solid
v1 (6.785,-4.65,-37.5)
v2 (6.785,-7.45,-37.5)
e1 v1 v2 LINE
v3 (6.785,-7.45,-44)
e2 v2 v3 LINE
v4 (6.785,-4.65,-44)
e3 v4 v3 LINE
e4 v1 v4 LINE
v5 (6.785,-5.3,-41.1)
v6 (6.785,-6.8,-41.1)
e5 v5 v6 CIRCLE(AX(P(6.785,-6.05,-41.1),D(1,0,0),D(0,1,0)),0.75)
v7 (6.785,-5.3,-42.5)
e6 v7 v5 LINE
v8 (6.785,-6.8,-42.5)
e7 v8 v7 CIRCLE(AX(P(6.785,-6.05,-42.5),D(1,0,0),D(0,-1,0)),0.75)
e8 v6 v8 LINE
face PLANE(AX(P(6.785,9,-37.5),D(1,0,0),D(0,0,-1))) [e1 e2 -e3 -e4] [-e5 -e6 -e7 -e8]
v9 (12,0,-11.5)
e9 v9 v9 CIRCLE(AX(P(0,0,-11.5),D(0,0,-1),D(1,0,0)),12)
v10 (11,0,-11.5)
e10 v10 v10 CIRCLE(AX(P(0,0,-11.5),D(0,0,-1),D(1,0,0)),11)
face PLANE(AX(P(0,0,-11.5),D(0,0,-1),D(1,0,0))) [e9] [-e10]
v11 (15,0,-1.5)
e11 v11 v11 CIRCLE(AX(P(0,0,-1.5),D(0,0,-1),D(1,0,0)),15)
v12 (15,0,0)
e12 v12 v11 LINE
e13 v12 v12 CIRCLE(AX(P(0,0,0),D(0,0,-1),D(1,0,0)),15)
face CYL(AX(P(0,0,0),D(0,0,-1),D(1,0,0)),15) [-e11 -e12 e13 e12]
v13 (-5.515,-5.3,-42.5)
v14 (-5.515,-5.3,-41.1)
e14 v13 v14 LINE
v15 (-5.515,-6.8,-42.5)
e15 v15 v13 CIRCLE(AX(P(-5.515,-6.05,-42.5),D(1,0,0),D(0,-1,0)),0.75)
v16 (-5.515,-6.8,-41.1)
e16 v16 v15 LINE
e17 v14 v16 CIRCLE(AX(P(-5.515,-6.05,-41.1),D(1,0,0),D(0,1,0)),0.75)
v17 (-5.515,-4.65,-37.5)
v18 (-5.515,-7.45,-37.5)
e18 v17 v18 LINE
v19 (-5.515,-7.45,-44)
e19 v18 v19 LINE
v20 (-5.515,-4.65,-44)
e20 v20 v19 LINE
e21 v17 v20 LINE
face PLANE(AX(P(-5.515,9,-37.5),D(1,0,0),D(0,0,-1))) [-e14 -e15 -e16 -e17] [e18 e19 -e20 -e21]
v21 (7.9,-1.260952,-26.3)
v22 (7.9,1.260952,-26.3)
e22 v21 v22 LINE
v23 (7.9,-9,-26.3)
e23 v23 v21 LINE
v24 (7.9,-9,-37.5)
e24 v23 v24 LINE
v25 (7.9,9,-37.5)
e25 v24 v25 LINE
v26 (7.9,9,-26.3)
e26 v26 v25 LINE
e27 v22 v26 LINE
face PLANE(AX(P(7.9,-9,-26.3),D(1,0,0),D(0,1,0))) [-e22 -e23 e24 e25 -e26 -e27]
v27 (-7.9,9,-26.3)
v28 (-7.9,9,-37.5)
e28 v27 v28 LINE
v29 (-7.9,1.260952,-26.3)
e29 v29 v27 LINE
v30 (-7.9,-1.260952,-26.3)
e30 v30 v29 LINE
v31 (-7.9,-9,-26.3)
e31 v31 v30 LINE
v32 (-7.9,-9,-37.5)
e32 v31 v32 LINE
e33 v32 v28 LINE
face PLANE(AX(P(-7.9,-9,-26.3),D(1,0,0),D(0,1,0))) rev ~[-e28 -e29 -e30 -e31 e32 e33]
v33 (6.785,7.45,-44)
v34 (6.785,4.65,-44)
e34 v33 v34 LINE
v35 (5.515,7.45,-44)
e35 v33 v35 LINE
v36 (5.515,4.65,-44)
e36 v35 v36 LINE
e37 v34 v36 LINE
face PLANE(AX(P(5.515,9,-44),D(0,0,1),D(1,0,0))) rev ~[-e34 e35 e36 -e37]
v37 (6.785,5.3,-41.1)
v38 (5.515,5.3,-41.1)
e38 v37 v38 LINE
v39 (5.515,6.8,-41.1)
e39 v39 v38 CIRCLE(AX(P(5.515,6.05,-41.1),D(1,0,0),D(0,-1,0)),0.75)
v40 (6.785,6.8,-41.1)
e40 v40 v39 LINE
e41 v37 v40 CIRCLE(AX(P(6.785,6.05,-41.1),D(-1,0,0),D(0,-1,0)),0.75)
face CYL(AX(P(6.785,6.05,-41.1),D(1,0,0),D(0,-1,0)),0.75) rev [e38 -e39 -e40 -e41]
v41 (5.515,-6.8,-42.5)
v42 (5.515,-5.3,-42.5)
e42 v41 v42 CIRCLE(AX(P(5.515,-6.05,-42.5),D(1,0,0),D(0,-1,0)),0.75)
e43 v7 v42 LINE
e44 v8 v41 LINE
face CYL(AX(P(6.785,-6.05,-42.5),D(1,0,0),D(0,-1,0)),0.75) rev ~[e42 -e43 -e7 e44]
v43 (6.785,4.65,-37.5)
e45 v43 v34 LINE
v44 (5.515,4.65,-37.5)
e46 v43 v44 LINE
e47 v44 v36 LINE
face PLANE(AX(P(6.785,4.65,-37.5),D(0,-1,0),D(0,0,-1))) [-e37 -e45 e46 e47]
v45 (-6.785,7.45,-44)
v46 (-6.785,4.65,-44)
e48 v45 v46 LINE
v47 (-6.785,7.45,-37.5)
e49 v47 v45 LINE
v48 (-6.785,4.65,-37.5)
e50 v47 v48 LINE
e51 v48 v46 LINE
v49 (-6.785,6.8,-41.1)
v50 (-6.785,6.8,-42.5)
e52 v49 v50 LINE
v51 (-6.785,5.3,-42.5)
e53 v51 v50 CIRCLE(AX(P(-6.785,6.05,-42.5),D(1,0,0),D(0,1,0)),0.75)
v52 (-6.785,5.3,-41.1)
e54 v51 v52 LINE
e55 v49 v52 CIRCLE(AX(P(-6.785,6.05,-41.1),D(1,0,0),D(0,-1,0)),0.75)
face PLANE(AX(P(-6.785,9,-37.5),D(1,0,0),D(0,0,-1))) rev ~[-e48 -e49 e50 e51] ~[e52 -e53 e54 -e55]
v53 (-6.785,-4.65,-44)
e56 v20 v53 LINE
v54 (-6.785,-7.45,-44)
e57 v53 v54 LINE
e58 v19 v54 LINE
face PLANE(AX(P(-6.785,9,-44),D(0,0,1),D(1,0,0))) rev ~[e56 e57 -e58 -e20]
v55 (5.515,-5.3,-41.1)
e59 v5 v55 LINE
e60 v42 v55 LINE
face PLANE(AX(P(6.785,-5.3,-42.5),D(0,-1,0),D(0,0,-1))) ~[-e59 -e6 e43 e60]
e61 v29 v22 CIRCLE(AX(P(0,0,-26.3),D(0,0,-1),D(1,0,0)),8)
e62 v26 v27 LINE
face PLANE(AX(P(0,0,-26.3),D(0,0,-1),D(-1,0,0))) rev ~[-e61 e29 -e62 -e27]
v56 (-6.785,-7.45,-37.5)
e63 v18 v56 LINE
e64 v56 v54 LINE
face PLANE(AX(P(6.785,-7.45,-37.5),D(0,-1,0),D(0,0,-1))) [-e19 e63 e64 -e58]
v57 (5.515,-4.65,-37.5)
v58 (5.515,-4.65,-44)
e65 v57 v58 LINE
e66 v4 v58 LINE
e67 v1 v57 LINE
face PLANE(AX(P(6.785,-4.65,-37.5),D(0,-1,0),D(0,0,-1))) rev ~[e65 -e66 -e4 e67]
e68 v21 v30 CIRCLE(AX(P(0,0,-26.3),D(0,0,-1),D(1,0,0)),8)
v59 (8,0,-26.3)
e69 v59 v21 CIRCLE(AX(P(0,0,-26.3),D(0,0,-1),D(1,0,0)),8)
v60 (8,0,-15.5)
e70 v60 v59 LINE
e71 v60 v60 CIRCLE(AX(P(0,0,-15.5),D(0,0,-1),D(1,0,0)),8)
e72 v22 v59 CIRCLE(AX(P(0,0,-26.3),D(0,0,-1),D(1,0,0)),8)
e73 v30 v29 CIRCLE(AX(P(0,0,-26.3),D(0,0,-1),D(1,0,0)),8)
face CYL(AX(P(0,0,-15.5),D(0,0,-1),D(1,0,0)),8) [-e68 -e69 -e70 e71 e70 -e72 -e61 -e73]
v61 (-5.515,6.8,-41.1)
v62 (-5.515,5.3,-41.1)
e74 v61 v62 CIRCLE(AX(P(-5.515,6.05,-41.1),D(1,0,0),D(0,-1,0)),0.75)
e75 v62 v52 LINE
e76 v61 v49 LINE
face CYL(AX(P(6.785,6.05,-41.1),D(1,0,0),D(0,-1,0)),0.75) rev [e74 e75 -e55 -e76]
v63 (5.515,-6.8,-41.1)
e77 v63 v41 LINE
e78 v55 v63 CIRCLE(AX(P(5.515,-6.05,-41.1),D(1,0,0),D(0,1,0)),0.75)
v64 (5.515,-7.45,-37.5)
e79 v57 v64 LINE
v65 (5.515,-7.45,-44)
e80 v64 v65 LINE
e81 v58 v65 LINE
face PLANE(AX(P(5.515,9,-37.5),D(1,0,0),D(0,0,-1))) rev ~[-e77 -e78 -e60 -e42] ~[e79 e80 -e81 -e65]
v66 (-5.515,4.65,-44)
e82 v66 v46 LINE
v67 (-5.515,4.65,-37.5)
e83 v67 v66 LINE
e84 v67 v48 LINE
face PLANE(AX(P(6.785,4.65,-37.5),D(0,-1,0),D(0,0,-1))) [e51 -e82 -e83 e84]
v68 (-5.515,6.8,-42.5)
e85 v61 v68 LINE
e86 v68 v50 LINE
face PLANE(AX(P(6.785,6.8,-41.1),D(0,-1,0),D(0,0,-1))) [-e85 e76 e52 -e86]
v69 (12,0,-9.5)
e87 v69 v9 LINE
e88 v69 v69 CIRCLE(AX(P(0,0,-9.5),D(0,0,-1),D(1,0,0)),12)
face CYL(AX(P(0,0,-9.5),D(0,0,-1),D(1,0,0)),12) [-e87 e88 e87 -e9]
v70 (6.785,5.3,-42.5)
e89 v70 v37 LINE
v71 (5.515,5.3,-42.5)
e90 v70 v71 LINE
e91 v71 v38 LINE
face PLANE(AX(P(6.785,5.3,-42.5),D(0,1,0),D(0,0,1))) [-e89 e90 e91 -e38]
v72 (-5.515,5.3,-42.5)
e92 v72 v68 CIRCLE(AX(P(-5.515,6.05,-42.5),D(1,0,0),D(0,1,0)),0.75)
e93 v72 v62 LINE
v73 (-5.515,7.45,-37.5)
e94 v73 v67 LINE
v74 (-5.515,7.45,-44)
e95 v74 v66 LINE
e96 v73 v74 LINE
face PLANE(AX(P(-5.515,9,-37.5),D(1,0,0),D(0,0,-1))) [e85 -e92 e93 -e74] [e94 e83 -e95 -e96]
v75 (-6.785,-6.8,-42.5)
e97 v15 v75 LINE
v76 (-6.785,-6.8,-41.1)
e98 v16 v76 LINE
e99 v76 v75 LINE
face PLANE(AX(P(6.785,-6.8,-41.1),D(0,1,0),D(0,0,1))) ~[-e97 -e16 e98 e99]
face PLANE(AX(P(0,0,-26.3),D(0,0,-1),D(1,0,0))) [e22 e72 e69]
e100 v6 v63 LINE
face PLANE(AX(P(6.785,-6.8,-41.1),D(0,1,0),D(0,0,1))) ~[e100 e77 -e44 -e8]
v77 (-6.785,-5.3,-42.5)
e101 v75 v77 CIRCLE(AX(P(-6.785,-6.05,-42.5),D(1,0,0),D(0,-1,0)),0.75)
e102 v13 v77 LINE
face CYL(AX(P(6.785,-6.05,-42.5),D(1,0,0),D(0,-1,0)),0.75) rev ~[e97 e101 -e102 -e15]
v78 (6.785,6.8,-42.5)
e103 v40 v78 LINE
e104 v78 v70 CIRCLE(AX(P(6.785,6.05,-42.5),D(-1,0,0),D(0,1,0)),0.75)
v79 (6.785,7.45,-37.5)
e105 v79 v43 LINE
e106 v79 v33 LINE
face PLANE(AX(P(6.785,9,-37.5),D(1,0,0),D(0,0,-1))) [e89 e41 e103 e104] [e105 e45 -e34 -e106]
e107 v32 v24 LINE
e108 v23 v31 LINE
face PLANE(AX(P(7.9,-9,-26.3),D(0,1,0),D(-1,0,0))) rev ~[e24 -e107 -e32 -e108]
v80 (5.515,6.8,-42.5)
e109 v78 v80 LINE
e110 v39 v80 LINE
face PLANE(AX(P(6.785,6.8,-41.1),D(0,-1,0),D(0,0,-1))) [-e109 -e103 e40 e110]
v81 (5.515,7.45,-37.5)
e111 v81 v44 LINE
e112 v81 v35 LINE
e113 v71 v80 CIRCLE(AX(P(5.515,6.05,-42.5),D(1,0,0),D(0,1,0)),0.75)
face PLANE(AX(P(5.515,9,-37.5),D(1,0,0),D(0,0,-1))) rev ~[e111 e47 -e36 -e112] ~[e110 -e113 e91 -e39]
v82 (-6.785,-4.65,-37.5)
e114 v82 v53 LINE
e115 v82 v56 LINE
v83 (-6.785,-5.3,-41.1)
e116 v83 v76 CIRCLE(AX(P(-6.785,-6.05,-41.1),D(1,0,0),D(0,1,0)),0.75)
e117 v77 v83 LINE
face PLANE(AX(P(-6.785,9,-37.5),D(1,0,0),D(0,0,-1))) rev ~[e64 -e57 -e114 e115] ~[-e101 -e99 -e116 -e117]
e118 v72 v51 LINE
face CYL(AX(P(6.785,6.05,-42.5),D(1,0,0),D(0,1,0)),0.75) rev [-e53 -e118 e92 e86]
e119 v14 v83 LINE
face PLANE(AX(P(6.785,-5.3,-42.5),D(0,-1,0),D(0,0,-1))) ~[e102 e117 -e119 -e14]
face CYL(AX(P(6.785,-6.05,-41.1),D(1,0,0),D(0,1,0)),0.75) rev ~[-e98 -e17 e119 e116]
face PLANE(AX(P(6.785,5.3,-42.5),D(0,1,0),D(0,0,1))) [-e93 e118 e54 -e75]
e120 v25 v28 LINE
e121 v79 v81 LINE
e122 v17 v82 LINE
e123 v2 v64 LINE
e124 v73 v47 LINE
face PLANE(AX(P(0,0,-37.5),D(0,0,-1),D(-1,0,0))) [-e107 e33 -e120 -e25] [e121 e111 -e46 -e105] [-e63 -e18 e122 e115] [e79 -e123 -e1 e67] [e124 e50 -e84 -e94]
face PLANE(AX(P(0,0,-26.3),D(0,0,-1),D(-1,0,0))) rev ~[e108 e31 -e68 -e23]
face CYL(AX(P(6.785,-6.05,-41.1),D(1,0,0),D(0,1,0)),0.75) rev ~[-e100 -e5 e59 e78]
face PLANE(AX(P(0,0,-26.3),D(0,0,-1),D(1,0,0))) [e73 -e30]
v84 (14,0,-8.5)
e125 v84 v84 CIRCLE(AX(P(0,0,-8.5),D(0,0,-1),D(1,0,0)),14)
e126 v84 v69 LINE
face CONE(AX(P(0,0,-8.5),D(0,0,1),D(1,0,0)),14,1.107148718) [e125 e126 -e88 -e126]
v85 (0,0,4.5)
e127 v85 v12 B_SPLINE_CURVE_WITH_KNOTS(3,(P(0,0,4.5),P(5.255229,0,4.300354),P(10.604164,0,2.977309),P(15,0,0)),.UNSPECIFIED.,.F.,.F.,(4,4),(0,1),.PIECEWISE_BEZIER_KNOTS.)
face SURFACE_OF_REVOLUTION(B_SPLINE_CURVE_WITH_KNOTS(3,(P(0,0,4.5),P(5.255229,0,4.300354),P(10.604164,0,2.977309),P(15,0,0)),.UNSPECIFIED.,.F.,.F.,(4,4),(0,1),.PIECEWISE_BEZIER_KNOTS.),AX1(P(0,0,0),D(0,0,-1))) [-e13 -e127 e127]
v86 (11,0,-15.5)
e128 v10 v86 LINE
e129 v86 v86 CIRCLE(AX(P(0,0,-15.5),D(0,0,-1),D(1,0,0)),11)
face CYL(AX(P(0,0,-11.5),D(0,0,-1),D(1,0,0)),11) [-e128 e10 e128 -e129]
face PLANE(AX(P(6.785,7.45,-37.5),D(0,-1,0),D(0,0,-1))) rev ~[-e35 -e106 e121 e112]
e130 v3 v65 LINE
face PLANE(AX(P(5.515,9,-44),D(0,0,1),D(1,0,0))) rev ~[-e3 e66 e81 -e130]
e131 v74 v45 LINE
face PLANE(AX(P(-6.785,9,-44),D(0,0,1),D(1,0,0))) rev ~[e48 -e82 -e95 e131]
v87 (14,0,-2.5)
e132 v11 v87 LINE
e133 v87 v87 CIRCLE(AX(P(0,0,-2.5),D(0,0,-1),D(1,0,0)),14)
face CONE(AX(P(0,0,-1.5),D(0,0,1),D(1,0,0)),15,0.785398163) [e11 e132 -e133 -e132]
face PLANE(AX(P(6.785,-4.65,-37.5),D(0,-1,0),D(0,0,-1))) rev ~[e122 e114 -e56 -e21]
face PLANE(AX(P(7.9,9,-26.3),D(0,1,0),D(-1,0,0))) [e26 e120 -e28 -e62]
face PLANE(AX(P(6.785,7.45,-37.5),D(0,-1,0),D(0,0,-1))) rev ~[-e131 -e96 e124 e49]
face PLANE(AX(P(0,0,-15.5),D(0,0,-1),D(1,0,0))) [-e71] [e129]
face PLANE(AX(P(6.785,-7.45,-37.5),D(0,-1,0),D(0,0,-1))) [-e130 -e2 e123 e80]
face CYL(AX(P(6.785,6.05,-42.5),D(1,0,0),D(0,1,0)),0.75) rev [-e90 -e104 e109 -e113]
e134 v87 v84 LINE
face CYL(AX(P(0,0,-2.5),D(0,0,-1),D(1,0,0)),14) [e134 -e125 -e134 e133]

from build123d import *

# Parameters (mm, degrees)
SKETCH2_W           = 15.8
SKETCH2_H           = 18
BOSS_EXTRUDE2_DEPTH = 11.2
SKETCH3_W           = 1.27
SKETCH3_H           = 6.5
BOSS_EXTRUDE3_DEPTH = 18
SKETCH4_W           = 6.5
SKETCH4_H           = 1.55
SKETCH4_H_2         = 9.3
CUT_EXTRUDE1_DEPTH  = 52.337960929
CUT_EXTRUDE2_DEPTH  = 52.337960929


with BuildPart() as part:
    # Sketch1 → Revolve1 (revolve)
    with BuildSketch(Plane(origin=(0, 0, 0), x_dir=(0, 0, -1), z_dir=(1, 0, 0)), mode=Mode.PRIVATE) as revolve1_sk:
        with BuildLine():
            Line((0, 15), (1.5, 15))
            Line((1.5, 15), (2.5, 14))
            Line((2.5, 14), (8.5, 14))
            Line((8.5, 14), (9.5, 12))
            Line((9.5, 12), (11.5, 12))
            Line((11.5, 12), (11.5, 11))
            Line((11.5, 11), (15.5, 11))
            Line((15.5, 11), (15.5, 8))
            Line((15.5, 8), (26.3, 8))
            Line((26.3, 8), (26.3, 0))
            Line((26.3, 0), (-4.5, 0))
            add(Edge.make_bspline(
                [(-4.5, 0), (-4.300353952, 5.255228693), (-2.977309479, 10.604163614), (0, 15)],
                knots=[0, 0, 0, 0, 1, 1, 1, 1], degree=3))
        make_face()
    revolve(revolve1_sk.sketch.rotate(Axis((0, 0, 0), (0, 0, -1)), 90), axis=Axis((0, 0, 0), (0, 0, -1)))

    # Sketch2 → Boss-Extrude2 (add)
    with BuildSketch(Plane(origin=(0, 0, -26.3), x_dir=(-1, 0, 0), z_dir=(0, 0, -1))):
        Rectangle(SKETCH2_W, SKETCH2_H)
    extrude(amount=BOSS_EXTRUDE2_DEPTH)

    # Sketch3 → Boss-Extrude3 (add)
    with BuildSketch(Plane(origin=(0, 9, 0), x_dir=(1, 0, 0), z_dir=(0, 1, 0))):
        with Locations((-6.15, 40.75)):
            Rectangle(SKETCH3_W, SKETCH3_H)
        with Locations((6.15, 40.75)):
            Rectangle(SKETCH3_W, SKETCH3_H)
    extrude(amount=-BOSS_EXTRUDE3_DEPTH)

    # Sketch4 → Cut-Extrude1 (cut, through all)
    with BuildSketch(Plane(origin=(6.785, 0, 0), x_dir=(0, 0, -1), z_dir=(1, 0, 0))):
        with Locations((40.75, 8.225)):
            Rectangle(SKETCH4_W, SKETCH4_H)
        with Locations((40.75, 0)):
            Rectangle(SKETCH4_W, SKETCH4_H_2)
        with Locations((40.75, -8.225)):
            Rectangle(SKETCH4_W, SKETCH4_H)
    extrude(amount=-CUT_EXTRUDE1_DEPTH, mode=Mode.SUBTRACT)

    # Sketch5 → Cut-Extrude2 (cut, through all)
    with BuildSketch(Plane(origin=(6.785, 0, 0), x_dir=(0, 0, -1), z_dir=(1, 0, 0))):
        with BuildLine():
            Line((41.1, 6.8), (42.5, 6.8))
            ThreePointArc((42.5, 6.8), (43.25, 6.05), (42.5, 5.3))
            Line((42.5, 5.3), (41.1, 5.3))
            ThreePointArc((41.1, 5.3), (40.35, 6.05), (41.1, 6.8))
        make_face()
    cut_extrude2 = extrude(amount=-CUT_EXTRUDE2_DEPTH, mode=Mode.SUBTRACT)

    # Mirror1: Cut-Extrude2 across plane
    add(cut_extrude2.mirror(Plane.ZX), mode=Mode.SUBTRACT)


solid = part.part
